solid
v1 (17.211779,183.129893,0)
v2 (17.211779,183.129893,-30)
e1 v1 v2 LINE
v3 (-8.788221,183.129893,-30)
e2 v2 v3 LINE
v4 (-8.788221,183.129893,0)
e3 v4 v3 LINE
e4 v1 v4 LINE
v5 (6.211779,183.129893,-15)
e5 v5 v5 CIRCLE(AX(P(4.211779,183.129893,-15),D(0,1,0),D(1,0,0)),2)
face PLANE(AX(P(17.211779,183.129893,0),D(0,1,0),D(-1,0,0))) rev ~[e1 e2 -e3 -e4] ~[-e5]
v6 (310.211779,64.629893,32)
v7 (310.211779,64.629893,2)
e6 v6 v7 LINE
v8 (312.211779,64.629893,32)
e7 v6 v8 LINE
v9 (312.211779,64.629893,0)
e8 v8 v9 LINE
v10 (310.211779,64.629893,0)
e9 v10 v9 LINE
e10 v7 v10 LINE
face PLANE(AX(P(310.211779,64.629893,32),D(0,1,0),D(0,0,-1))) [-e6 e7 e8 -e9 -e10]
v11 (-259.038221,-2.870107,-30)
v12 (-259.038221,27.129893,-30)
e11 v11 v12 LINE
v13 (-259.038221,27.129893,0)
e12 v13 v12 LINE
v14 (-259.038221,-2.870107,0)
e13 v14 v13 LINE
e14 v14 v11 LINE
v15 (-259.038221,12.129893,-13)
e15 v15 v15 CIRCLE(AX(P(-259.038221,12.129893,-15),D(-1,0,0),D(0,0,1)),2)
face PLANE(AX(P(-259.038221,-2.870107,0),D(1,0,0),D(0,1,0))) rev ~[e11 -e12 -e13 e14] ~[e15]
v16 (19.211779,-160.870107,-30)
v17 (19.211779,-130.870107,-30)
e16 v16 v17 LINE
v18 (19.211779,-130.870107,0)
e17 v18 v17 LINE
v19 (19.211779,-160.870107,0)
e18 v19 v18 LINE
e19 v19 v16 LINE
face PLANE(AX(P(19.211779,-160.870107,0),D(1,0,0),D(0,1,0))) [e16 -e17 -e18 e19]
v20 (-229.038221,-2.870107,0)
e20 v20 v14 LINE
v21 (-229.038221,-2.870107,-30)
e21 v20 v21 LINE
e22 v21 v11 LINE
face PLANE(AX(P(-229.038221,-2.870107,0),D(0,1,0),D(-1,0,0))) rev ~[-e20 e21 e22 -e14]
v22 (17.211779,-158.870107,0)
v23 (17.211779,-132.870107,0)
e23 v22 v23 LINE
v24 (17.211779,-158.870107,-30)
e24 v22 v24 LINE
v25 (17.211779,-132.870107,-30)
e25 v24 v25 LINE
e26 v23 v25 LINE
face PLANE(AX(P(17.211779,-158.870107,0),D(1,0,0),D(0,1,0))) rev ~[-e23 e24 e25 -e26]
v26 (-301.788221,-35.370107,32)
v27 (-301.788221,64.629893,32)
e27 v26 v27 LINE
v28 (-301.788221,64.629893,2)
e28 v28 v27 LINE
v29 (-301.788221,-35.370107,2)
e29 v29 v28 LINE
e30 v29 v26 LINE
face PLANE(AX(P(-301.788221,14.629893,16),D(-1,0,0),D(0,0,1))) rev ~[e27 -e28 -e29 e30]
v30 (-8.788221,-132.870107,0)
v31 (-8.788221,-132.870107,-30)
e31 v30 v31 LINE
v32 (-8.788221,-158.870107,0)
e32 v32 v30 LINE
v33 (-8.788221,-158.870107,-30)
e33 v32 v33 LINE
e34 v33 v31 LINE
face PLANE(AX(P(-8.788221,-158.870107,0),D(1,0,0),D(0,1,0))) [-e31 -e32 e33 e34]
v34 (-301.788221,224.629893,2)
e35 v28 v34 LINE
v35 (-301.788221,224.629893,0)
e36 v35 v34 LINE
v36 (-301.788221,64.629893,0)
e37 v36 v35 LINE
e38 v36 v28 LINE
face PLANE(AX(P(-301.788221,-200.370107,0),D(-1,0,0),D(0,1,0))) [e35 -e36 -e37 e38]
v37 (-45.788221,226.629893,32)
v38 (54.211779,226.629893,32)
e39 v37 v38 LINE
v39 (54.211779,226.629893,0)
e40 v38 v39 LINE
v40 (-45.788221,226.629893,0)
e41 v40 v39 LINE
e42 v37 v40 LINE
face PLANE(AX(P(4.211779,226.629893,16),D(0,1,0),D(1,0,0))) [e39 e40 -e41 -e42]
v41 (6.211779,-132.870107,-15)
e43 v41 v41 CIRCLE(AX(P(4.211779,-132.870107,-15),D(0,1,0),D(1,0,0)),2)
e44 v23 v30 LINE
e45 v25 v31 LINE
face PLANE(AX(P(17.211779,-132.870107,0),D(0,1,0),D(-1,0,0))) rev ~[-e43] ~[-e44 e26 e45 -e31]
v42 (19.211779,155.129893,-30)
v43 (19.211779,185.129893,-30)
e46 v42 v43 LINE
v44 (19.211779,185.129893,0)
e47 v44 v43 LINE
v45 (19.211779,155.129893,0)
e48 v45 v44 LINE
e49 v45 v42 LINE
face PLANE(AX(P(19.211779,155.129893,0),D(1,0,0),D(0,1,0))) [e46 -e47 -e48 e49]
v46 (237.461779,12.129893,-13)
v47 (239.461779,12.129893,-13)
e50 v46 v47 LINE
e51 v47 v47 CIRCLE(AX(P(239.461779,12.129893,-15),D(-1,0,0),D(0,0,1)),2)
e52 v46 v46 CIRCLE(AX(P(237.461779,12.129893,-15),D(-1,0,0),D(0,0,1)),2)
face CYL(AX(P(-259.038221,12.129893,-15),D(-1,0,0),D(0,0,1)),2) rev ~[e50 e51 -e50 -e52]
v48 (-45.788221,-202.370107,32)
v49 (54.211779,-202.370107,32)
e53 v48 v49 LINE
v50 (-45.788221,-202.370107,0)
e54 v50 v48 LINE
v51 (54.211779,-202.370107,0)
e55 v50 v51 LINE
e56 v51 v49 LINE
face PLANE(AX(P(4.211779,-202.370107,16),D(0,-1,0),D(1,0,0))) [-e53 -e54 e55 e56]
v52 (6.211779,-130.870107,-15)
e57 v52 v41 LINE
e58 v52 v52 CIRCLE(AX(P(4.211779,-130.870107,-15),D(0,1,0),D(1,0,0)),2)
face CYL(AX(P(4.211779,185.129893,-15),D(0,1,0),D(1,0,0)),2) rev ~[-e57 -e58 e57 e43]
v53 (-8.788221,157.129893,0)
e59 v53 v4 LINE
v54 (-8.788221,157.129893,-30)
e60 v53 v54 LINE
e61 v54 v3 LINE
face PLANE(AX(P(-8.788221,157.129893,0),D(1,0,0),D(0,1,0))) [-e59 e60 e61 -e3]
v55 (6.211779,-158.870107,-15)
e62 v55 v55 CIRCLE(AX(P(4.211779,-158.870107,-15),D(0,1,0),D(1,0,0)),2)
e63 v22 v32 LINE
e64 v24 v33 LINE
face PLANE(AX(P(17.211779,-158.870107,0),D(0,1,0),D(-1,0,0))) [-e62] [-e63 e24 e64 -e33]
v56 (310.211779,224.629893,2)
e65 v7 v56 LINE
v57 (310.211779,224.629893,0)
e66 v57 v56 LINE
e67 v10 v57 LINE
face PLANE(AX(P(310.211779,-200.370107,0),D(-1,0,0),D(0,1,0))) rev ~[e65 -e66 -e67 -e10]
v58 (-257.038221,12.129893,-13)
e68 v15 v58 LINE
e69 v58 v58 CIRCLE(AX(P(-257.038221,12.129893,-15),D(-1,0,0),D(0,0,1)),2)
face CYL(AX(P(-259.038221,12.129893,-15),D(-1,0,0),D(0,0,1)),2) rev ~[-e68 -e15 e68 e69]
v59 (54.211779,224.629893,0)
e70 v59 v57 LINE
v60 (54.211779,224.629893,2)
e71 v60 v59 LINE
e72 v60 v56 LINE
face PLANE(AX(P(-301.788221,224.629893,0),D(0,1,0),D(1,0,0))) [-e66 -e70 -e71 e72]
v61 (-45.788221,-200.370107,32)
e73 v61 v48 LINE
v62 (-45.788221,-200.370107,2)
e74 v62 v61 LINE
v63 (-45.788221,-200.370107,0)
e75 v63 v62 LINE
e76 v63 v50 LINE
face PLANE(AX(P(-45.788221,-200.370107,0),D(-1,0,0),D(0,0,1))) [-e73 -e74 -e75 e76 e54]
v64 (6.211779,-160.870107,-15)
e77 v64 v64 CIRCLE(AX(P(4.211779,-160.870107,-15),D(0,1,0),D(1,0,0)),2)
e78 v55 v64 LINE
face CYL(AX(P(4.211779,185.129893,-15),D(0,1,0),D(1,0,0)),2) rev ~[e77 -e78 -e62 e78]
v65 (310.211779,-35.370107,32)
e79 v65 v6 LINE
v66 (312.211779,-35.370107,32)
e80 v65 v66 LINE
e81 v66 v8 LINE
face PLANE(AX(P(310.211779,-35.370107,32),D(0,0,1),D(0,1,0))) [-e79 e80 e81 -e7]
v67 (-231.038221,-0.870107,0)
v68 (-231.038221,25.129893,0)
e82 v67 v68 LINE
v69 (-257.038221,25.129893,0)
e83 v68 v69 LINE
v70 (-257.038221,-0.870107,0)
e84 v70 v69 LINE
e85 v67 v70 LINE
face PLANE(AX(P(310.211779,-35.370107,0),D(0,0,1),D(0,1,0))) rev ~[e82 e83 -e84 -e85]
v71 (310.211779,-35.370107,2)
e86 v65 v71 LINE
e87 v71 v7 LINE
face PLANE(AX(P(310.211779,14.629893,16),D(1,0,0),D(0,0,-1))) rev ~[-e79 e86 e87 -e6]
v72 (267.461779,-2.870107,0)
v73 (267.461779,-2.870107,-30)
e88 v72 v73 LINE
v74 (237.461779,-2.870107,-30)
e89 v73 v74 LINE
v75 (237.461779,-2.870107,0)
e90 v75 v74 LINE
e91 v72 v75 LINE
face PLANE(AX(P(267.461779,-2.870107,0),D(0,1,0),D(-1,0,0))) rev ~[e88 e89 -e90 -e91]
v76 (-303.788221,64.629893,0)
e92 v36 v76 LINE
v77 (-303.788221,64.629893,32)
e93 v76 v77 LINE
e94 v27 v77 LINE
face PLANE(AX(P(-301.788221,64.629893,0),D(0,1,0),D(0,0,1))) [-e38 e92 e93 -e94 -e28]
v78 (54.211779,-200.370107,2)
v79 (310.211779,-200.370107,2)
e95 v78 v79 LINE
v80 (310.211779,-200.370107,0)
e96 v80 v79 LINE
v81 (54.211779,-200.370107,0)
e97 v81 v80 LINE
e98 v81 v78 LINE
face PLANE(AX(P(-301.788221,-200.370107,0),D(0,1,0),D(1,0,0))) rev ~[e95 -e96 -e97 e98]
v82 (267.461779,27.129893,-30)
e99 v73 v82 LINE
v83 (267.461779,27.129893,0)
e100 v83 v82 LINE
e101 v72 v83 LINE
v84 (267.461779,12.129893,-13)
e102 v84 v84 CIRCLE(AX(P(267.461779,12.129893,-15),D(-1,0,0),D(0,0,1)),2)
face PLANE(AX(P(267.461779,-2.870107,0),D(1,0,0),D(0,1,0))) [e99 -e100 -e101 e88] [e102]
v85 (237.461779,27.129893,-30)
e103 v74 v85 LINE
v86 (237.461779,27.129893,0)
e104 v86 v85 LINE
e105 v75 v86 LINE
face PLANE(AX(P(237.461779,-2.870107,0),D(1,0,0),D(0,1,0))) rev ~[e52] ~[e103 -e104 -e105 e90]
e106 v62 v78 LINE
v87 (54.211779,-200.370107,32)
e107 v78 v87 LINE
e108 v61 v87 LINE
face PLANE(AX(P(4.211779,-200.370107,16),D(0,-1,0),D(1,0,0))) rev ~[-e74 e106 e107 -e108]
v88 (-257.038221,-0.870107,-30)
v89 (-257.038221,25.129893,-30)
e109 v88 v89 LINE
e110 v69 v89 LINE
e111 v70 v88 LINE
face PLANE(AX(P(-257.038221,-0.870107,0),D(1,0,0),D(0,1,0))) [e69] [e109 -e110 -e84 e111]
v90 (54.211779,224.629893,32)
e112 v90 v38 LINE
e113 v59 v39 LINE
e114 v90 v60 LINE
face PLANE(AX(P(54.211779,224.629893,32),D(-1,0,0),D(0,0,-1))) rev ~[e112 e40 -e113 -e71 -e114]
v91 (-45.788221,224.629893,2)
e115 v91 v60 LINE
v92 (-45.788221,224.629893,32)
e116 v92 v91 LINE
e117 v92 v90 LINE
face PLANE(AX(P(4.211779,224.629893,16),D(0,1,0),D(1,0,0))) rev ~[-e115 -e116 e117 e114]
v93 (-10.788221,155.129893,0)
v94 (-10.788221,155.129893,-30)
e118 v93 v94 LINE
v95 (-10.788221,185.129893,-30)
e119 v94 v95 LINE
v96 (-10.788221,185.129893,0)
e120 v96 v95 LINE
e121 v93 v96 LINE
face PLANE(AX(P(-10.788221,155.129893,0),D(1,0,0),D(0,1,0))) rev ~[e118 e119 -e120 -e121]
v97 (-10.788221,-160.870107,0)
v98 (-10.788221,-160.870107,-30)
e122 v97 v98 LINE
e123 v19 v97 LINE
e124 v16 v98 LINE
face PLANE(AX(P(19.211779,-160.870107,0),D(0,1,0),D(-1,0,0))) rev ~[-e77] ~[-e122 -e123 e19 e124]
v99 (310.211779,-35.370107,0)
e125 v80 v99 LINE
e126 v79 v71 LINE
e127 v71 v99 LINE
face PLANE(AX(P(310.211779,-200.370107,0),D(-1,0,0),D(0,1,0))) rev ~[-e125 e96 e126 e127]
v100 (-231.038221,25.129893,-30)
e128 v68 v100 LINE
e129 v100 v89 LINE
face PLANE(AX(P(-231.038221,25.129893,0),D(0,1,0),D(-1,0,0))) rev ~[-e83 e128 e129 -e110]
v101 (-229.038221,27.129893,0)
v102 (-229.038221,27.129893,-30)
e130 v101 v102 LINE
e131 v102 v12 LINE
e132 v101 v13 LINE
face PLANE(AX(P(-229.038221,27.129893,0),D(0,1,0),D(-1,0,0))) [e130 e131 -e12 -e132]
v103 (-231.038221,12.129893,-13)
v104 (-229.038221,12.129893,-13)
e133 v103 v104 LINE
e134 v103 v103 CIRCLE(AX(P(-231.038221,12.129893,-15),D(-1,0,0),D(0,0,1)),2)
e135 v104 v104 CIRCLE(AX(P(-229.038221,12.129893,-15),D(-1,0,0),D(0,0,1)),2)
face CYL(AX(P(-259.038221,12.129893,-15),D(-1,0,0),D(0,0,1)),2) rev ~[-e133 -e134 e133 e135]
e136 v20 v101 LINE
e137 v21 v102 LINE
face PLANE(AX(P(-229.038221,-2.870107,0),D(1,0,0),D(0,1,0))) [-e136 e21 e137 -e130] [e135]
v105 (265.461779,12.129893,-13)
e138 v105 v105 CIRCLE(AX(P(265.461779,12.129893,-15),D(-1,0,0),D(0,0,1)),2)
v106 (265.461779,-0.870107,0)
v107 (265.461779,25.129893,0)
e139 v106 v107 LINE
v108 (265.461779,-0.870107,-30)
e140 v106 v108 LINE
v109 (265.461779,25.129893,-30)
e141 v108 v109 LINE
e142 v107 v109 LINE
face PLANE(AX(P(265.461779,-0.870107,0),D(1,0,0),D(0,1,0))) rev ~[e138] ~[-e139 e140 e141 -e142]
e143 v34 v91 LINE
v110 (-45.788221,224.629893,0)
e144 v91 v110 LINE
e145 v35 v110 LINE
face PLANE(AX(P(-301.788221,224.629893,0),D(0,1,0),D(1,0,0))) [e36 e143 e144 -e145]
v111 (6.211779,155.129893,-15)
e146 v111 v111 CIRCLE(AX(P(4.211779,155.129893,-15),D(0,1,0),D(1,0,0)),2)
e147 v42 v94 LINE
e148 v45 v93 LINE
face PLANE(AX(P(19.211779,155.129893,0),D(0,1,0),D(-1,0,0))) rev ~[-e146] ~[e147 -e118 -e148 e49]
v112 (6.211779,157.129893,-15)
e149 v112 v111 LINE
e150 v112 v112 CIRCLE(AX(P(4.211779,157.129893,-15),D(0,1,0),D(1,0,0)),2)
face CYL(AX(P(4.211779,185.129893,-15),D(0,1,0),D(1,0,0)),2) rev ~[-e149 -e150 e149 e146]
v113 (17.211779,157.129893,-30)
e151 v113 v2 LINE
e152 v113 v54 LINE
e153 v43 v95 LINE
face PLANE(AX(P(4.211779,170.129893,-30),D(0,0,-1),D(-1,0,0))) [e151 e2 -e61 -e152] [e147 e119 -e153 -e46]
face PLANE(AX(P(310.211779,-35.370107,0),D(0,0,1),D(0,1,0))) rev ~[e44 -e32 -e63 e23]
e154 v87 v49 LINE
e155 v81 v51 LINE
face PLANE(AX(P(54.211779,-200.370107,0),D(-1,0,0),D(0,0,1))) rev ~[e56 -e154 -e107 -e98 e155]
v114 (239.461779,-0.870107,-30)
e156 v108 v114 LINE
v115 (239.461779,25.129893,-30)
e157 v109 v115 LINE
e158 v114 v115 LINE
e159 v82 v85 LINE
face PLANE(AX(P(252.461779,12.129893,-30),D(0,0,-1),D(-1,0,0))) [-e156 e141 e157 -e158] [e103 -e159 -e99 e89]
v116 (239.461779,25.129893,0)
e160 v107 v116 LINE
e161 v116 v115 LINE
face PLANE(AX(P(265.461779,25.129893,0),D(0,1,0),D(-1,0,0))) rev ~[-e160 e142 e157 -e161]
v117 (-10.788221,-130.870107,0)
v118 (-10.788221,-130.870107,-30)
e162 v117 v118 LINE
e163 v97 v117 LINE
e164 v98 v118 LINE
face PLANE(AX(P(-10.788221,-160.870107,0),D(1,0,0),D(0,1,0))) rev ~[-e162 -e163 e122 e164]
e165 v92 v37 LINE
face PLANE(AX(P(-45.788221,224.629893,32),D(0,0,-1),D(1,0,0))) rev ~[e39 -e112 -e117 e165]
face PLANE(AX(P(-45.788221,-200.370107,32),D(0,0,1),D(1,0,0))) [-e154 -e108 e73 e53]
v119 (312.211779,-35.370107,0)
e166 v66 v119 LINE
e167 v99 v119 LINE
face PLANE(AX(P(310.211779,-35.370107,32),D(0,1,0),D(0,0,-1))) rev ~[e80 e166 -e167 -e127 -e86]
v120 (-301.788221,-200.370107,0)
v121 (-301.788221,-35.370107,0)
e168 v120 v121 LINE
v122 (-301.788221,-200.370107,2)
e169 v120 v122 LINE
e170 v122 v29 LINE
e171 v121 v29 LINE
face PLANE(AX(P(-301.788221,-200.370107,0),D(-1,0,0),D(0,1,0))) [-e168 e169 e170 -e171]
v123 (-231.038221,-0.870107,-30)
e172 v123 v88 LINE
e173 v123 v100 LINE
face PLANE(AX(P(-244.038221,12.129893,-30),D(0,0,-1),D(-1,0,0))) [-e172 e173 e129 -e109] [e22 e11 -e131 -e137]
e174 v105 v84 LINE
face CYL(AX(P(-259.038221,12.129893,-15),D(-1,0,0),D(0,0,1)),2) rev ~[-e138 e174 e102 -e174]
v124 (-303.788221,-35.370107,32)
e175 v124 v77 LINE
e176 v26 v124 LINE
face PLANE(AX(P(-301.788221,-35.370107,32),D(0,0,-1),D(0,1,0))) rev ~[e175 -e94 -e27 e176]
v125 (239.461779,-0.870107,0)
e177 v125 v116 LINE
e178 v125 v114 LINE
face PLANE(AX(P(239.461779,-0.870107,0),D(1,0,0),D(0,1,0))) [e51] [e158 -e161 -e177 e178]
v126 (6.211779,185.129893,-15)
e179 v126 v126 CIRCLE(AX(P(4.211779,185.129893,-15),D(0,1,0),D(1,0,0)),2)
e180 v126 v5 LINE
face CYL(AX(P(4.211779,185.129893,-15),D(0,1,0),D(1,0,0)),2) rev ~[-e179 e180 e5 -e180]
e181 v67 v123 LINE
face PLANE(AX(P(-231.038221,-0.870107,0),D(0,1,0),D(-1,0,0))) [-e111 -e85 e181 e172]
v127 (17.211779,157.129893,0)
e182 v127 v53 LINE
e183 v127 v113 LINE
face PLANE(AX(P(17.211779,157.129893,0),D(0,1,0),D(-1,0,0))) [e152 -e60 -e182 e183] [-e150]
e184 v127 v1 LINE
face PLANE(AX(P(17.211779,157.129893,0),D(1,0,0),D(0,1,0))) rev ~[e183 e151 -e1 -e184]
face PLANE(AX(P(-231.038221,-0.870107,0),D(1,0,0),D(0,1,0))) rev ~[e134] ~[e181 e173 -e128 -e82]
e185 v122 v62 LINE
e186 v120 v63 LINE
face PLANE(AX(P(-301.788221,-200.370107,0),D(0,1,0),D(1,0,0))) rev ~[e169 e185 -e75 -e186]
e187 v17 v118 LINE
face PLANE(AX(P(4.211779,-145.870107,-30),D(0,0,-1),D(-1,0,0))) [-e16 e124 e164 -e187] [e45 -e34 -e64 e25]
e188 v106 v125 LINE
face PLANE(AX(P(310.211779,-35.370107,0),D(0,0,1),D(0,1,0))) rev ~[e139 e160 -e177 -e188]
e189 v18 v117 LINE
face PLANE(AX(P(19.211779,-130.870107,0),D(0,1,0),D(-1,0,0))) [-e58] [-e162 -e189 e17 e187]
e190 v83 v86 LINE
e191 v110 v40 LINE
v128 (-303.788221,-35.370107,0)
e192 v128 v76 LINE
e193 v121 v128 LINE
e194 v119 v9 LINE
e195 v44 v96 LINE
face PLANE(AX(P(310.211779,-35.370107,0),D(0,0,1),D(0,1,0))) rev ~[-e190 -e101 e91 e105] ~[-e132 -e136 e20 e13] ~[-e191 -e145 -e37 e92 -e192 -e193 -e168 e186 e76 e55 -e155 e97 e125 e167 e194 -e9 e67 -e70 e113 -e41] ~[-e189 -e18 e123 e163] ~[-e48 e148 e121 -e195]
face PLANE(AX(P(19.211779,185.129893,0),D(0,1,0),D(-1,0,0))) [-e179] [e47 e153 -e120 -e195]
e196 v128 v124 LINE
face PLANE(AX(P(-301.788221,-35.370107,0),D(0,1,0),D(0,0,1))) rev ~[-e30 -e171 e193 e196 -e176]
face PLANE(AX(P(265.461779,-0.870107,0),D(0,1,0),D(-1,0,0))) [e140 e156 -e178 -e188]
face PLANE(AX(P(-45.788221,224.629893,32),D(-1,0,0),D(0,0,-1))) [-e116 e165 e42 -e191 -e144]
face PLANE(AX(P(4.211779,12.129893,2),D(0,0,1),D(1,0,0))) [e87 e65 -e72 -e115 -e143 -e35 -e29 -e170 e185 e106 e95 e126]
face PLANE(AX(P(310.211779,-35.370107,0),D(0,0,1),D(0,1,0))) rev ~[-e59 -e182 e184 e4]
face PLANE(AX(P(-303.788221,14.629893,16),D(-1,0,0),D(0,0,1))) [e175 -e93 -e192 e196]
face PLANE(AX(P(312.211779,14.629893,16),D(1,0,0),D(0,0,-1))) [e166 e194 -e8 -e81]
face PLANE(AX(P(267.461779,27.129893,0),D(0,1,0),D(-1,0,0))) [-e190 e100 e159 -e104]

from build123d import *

# Parameters (mm, degrees)
SKETCH_1_W          = 612
SKETCH_1_H          = 425
EXTRUDE_1_DEPTH     = 2
SKETCH_2_W          = 100
SKETCH_2_H          = 32
EXTRUDE_2_DEPTH     = 2
SKETCH_3_W          = 32
SKETCH_3_H          = 100
EXTRUDE_3_DEPTH     = 2
SKETCH_4_W          = 100
SKETCH_4_H          = 32
EXTRUDE_4_DEPTH     = 2
SKETCH_5_W          = 32
SKETCH_5_H          = 100
EXTRUDE_5_DEPTH     = 2
SKETCH_6_W          = 30
SKETCH_6_H          = 30
SKETCH_6_W_2        = 26
SKETCH_6_H_2        = 26
EXTRUDE_6_DEPTH     = 30
SKETCH_7_W          = 30
SKETCH_7_H          = 30
SKETCH_7_W_2        = 26
SKETCH_7_H_2        = 26
EXTRUDE_7_DEPTH     = 30
SKETCH_8_R          = 2
CUT_EXTRUDE_1_DEPTH = 388.5
SKETCH_9_R          = 2
CUT_EXTRUDE_2_DEPTH = 572.25


with BuildPart() as part:
    # 草圖1 → 填料-伸長1 (new body)
    with BuildSketch(Plane.XY):
        with Locations((4.21177851, 12.129893238)):
            Rectangle(SKETCH_1_W, SKETCH_1_H)
    extrude(amount=EXTRUDE_1_DEPTH)

    # 草圖2 → 填料-伸長2 (add)
    with BuildSketch(Plane.XZ.offset(200.370106762)):
        with Locations((4.21177851, 16)):
            Rectangle(SKETCH_2_W, SKETCH_2_H)
    extrude(amount=EXTRUDE_2_DEPTH)

    # 草圖3 → 填料-伸長3 (add)
    with BuildSketch(Plane.ZY.offset(301.78822149)):
        with Locations((16, 14.629893238)):
            Rectangle(SKETCH_3_W, SKETCH_3_H)
    extrude(amount=EXTRUDE_3_DEPTH)

    # 草圖4 → 填料-伸長4 (add)
    with BuildSketch(Plane(origin=(0, 224.629893238, 0), x_dir=(1, 0, 0), z_dir=(0, 1, 0))):
        with Locations((4.21177851, -16)):
            Rectangle(SKETCH_4_W, SKETCH_4_H)
    extrude(amount=EXTRUDE_4_DEPTH)

    # 草圖5 → 填料-伸長5 (add)
    with BuildSketch(Plane(origin=(310.21177851, 0, 0), x_dir=(0, 0, -1), z_dir=(1, 0, 0))):
        with Locations((-16, 14.629893238)):
            Rectangle(SKETCH_5_W, SKETCH_5_H)
    extrude(amount=EXTRUDE_5_DEPTH)

    # 草圖6 → 填料-伸長6 (add)
    with BuildSketch(Plane(origin=(0, 0, 0), x_dir=(-1, 0, 0), z_dir=(0, 0, -1))):
        with Locations((-252.46177851, 12.129893238)):
            Rectangle(SKETCH_6_W, SKETCH_6_H)
        with Locations((-252.46177851, 12.129893238)):
            Rectangle(SKETCH_6_W_2, SKETCH_6_H_2, mode=Mode.SUBTRACT)
        with Locations((244.03822149, 12.129893238)):
            Rectangle(SKETCH_6_W, SKETCH_6_H)
        with Locations((244.03822149, 12.129893238)):
            Rectangle(SKETCH_6_W_2, SKETCH_6_H_2, mode=Mode.SUBTRACT)
    extrude(amount=EXTRUDE_6_DEPTH)

    # 草圖7 → 填料-伸長7 (add)
    with BuildSketch(Plane(origin=(0, 0, 0), x_dir=(-1, 0, 0), z_dir=(0, 0, -1))):
        with Locations((-4.21177851, -145.870106762)):
            Rectangle(SKETCH_7_W, SKETCH_7_H)
        with Locations((-4.21177851, -145.870106762)):
            Rectangle(SKETCH_7_W_2, SKETCH_7_H_2, mode=Mode.SUBTRACT)
        with Locations((-4.21177851, 170.129893238)):
            Rectangle(SKETCH_7_W, SKETCH_7_H)
        with Locations((-4.21177851, 170.129893238)):
            Rectangle(SKETCH_7_W_2, SKETCH_7_H_2, mode=Mode.SUBTRACT)
    extrude(amount=EXTRUDE_7_DEPTH)

    # 草圖8 → 除料-伸長1 (cut, through all)
    with BuildSketch(Plane(origin=(0, 185.129893238, 0), x_dir=(1, 0, 0), z_dir=(0, 1, 0))):
        with Locations((4.21177851, 15)):
            Circle(SKETCH_8_R)
    extrude(amount=-CUT_EXTRUDE_1_DEPTH, mode=Mode.SUBTRACT)

    # 草圖9 → 除料-伸長2 (cut, through all)
    with BuildSketch(Plane.ZY.offset(259.03822149)):
        with Locations((-15, 12.129893238)):
            Circle(SKETCH_9_R)
    extrude(amount=-CUT_EXTRUDE_2_DEPTH, mode=Mode.SUBTRACT)


solid = part.part
